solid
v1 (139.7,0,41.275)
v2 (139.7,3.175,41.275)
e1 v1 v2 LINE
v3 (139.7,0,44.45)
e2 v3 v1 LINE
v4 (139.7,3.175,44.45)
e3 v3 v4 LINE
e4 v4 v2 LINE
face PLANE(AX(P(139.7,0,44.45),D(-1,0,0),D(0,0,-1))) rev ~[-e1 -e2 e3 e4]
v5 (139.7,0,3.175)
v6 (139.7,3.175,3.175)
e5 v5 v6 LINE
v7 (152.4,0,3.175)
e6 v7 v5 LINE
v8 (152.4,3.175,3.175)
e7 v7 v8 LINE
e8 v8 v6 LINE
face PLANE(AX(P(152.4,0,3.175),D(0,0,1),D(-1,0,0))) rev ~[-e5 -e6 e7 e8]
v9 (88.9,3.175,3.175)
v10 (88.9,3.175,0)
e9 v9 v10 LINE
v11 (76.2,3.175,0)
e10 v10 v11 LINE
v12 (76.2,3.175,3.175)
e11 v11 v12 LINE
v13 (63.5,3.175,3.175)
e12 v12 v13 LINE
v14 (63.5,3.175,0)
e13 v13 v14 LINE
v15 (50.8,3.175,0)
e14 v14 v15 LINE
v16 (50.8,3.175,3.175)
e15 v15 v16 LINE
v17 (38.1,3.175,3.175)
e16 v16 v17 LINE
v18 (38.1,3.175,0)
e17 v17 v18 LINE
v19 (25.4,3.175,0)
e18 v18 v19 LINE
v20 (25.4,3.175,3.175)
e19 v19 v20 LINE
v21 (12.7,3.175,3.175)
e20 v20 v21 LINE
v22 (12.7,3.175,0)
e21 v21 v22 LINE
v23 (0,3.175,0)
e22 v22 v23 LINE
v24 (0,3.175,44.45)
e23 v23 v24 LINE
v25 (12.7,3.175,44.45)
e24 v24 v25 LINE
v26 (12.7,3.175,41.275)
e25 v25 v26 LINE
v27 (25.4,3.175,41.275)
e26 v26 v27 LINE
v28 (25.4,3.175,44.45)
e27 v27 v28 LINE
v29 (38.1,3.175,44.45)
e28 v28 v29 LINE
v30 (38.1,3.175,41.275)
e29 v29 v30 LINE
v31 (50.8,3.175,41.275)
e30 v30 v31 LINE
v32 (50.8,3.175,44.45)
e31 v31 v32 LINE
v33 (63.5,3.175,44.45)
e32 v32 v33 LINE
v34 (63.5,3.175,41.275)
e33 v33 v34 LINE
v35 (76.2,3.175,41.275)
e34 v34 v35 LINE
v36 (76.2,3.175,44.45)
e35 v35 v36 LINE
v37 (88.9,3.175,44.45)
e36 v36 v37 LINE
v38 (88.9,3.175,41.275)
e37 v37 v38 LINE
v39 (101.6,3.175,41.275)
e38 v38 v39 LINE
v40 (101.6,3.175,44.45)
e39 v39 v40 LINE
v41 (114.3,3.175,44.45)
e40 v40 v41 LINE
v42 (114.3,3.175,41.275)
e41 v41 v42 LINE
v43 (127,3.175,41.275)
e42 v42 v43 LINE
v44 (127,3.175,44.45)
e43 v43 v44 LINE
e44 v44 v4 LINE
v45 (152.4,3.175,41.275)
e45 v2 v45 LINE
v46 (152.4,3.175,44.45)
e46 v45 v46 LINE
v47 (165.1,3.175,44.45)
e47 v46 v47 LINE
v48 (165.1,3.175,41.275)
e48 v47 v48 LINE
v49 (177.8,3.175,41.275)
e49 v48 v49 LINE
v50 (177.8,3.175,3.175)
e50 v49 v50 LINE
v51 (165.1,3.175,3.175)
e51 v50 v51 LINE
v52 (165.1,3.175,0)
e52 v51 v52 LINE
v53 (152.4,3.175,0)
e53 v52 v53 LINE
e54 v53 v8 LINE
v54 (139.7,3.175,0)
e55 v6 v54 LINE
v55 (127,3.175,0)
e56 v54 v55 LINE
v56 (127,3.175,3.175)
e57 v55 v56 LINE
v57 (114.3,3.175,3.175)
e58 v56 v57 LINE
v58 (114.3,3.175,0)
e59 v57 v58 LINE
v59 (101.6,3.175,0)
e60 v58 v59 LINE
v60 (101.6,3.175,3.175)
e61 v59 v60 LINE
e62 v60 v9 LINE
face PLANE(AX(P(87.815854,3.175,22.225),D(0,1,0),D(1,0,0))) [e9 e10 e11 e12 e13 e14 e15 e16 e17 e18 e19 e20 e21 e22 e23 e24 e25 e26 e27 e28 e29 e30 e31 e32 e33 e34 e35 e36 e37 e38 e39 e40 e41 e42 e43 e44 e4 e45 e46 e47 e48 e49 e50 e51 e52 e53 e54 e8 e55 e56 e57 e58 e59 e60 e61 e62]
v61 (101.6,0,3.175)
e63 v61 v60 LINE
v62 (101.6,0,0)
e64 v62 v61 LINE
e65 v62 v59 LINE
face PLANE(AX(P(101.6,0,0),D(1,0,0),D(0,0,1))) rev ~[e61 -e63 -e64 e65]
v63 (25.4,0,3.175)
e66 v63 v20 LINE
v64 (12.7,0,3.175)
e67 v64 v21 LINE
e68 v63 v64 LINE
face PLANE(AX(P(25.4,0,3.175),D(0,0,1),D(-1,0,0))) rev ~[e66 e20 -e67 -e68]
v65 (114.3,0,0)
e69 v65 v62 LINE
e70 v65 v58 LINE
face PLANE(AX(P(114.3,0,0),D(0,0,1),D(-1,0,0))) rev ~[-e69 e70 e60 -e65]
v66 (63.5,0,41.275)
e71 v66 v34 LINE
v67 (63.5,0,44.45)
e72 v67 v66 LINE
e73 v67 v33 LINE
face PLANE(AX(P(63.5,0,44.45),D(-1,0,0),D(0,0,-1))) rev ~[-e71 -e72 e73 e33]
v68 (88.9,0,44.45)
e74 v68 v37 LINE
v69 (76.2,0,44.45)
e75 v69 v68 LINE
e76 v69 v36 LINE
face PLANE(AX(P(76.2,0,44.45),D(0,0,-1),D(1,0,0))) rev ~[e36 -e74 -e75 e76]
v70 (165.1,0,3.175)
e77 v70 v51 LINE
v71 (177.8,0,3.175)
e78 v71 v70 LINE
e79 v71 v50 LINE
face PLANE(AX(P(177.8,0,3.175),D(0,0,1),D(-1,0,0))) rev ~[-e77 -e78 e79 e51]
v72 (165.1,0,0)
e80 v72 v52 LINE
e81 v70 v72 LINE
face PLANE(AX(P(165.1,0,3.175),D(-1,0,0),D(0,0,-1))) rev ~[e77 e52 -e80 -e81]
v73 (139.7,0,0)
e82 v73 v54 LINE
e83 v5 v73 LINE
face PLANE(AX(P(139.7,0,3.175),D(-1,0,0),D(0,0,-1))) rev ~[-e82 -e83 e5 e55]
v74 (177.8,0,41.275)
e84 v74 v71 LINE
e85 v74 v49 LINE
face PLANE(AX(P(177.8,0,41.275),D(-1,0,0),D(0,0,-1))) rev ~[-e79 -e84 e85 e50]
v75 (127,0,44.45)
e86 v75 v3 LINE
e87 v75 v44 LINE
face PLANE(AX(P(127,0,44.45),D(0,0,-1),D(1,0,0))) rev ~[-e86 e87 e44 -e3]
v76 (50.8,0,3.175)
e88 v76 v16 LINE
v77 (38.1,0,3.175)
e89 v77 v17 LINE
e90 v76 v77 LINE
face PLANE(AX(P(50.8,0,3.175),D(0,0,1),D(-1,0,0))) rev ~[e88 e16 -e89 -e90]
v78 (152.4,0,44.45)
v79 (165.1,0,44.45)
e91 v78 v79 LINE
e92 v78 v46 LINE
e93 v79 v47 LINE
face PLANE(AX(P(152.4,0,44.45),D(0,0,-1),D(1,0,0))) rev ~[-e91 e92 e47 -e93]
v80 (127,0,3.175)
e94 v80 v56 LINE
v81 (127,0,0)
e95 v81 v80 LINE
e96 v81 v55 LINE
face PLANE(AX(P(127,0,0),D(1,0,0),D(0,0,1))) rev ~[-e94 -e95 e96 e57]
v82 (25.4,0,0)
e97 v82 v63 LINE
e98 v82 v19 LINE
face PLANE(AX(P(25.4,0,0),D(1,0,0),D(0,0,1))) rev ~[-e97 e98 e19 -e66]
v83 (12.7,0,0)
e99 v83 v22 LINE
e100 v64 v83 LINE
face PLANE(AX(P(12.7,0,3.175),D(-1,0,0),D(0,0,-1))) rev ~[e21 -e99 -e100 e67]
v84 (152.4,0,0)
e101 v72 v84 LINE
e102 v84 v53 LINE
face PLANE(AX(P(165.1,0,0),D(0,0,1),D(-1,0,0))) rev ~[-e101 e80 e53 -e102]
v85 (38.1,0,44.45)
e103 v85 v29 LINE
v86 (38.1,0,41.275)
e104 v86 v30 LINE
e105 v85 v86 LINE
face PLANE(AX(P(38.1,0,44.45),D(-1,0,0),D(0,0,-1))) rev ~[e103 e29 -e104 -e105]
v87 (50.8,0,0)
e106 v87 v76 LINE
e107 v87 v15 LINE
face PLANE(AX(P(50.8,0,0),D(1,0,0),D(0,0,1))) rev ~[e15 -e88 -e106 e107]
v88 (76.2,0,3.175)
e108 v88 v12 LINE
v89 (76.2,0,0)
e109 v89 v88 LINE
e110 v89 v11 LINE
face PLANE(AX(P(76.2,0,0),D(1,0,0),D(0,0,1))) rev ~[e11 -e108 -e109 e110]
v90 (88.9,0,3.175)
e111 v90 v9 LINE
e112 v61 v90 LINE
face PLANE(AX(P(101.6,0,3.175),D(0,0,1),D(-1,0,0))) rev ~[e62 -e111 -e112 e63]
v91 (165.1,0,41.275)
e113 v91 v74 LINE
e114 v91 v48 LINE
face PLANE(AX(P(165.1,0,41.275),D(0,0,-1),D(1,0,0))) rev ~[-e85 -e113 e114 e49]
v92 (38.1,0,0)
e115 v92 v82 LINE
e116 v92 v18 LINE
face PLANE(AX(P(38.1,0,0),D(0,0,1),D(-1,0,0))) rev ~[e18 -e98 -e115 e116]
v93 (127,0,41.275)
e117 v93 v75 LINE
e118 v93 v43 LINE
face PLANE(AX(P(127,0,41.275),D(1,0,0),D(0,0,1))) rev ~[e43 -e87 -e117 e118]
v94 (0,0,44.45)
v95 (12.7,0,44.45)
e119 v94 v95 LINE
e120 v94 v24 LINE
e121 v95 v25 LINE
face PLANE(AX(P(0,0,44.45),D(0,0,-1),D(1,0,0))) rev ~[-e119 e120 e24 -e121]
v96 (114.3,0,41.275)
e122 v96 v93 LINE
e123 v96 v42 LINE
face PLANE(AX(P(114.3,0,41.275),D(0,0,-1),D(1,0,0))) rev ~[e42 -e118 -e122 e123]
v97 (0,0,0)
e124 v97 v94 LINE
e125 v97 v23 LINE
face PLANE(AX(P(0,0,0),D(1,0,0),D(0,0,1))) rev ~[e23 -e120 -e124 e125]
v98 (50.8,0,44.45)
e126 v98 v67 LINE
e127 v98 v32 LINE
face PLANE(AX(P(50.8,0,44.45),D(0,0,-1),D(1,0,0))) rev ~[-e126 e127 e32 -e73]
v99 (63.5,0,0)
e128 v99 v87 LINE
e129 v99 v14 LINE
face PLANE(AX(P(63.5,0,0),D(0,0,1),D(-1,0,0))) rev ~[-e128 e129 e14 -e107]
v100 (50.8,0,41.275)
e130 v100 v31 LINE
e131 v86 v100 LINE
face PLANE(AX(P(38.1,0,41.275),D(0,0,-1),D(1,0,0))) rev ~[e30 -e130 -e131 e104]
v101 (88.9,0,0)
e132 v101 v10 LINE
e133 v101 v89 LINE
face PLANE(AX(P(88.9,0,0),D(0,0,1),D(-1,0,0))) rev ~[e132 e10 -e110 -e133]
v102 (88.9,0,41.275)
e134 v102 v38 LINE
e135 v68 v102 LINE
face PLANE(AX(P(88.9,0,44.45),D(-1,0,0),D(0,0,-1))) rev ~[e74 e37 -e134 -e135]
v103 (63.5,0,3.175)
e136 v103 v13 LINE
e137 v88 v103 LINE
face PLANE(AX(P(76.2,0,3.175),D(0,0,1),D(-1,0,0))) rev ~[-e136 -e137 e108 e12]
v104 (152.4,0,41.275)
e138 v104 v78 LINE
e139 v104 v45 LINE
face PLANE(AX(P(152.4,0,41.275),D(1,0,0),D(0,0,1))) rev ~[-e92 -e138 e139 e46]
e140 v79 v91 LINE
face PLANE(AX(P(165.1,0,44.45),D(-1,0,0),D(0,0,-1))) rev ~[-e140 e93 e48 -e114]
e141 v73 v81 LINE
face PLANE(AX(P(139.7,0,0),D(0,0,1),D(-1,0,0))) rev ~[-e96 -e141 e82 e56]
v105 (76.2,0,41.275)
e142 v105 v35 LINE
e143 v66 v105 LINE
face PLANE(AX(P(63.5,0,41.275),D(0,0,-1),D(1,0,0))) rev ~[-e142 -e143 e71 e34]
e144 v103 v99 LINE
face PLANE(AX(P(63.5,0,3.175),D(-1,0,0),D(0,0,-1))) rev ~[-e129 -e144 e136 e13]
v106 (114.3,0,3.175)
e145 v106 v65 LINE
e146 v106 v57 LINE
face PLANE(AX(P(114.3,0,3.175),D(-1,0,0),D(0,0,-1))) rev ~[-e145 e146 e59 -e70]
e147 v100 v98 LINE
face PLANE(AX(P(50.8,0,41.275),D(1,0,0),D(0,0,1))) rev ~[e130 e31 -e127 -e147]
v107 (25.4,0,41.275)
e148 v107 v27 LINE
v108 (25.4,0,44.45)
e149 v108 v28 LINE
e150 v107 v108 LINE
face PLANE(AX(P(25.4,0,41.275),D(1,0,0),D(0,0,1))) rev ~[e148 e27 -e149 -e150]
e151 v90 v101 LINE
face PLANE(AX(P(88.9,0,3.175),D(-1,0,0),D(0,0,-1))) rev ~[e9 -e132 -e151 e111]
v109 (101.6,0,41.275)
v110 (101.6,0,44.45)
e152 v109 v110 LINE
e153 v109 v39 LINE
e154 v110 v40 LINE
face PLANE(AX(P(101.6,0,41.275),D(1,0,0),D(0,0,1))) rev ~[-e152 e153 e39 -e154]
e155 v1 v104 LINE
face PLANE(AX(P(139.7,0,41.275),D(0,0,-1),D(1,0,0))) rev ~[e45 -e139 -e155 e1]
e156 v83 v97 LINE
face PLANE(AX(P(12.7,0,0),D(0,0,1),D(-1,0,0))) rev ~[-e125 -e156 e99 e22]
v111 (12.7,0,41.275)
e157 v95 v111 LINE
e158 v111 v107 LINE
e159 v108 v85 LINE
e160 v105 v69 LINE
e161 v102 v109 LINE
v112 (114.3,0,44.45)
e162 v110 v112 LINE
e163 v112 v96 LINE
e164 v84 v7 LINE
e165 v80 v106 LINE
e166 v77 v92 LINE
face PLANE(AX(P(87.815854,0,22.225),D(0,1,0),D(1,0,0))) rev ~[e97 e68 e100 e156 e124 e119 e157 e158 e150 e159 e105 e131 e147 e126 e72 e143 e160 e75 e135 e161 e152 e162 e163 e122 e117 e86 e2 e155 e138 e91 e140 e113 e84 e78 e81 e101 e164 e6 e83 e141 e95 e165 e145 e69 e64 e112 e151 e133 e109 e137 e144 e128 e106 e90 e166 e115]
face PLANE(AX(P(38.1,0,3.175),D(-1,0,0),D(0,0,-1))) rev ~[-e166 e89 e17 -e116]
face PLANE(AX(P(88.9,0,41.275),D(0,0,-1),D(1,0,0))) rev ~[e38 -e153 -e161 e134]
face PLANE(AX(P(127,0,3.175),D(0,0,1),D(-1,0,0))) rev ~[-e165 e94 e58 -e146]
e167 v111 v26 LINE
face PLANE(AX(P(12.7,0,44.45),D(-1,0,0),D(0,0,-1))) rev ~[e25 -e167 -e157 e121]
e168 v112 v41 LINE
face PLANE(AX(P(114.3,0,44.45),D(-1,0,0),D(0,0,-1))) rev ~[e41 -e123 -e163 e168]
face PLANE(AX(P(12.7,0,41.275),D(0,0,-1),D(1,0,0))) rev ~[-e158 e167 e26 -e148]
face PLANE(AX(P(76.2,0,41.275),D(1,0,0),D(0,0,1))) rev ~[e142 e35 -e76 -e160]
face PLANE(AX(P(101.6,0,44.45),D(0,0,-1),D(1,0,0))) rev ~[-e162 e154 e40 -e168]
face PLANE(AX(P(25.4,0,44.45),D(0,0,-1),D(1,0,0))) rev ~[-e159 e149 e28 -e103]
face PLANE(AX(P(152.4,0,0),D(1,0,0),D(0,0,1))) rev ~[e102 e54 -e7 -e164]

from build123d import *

# Parameters (mm, degrees)
BOSS_EXTRUDE1_DEPTH = 3.175


with BuildPart() as part:
    # Sketch1 → Boss-Extrude1 (new body)
    with BuildSketch(Plane(origin=(0, 0, 0), x_dir=(1, 0, 0), z_dir=(0, 1, 0))):
        Polygon((0, 0), (0, -44.45), (12.7, -44.45), (12.7, -41.275), (25.4, -41.275), (25.4, -44.45), (38.1, -44.45), (38.1, -41.275), (50.8, -41.275), (50.8, -44.45), (63.5, -44.45), (63.5, -41.275), (76.2, -41.275), (76.2, -44.45), (88.9, -44.45), (88.9, -41.275), (101.6, -41.275), (101.6, -44.45), (114.3, -44.45), (114.3, -41.275), (127, -41.275), (127, -44.45), (139.7, -44.45), (139.7, -41.275), (152.4, -41.275), (152.4, -44.45), (165.1, -44.45), (165.1, -41.275), (177.8, -41.275), (177.8, -3.175), (165.1, -3.175), (165.1, 0), (152.4, 0), (152.4, -3.175), (139.7, -3.175), (139.7, 0), (127, 0), (127, -3.175), (114.3, -3.175), (114.3, 0), (101.6, 0), (101.6, -3.175), (88.9, -3.175), (88.9, 0), (76.2, 0), (76.2, -3.175), (63.5, -3.175), (63.5, 0), (50.8, 0), (50.8, -3.175), (38.1, -3.175), (38.1, 0), (25.4, 0), (25.4, -3.175), (12.7, -3.175), (12.7, 0), align=None)
    extrude(amount=BOSS_EXTRUDE1_DEPTH)


solid = part.part
